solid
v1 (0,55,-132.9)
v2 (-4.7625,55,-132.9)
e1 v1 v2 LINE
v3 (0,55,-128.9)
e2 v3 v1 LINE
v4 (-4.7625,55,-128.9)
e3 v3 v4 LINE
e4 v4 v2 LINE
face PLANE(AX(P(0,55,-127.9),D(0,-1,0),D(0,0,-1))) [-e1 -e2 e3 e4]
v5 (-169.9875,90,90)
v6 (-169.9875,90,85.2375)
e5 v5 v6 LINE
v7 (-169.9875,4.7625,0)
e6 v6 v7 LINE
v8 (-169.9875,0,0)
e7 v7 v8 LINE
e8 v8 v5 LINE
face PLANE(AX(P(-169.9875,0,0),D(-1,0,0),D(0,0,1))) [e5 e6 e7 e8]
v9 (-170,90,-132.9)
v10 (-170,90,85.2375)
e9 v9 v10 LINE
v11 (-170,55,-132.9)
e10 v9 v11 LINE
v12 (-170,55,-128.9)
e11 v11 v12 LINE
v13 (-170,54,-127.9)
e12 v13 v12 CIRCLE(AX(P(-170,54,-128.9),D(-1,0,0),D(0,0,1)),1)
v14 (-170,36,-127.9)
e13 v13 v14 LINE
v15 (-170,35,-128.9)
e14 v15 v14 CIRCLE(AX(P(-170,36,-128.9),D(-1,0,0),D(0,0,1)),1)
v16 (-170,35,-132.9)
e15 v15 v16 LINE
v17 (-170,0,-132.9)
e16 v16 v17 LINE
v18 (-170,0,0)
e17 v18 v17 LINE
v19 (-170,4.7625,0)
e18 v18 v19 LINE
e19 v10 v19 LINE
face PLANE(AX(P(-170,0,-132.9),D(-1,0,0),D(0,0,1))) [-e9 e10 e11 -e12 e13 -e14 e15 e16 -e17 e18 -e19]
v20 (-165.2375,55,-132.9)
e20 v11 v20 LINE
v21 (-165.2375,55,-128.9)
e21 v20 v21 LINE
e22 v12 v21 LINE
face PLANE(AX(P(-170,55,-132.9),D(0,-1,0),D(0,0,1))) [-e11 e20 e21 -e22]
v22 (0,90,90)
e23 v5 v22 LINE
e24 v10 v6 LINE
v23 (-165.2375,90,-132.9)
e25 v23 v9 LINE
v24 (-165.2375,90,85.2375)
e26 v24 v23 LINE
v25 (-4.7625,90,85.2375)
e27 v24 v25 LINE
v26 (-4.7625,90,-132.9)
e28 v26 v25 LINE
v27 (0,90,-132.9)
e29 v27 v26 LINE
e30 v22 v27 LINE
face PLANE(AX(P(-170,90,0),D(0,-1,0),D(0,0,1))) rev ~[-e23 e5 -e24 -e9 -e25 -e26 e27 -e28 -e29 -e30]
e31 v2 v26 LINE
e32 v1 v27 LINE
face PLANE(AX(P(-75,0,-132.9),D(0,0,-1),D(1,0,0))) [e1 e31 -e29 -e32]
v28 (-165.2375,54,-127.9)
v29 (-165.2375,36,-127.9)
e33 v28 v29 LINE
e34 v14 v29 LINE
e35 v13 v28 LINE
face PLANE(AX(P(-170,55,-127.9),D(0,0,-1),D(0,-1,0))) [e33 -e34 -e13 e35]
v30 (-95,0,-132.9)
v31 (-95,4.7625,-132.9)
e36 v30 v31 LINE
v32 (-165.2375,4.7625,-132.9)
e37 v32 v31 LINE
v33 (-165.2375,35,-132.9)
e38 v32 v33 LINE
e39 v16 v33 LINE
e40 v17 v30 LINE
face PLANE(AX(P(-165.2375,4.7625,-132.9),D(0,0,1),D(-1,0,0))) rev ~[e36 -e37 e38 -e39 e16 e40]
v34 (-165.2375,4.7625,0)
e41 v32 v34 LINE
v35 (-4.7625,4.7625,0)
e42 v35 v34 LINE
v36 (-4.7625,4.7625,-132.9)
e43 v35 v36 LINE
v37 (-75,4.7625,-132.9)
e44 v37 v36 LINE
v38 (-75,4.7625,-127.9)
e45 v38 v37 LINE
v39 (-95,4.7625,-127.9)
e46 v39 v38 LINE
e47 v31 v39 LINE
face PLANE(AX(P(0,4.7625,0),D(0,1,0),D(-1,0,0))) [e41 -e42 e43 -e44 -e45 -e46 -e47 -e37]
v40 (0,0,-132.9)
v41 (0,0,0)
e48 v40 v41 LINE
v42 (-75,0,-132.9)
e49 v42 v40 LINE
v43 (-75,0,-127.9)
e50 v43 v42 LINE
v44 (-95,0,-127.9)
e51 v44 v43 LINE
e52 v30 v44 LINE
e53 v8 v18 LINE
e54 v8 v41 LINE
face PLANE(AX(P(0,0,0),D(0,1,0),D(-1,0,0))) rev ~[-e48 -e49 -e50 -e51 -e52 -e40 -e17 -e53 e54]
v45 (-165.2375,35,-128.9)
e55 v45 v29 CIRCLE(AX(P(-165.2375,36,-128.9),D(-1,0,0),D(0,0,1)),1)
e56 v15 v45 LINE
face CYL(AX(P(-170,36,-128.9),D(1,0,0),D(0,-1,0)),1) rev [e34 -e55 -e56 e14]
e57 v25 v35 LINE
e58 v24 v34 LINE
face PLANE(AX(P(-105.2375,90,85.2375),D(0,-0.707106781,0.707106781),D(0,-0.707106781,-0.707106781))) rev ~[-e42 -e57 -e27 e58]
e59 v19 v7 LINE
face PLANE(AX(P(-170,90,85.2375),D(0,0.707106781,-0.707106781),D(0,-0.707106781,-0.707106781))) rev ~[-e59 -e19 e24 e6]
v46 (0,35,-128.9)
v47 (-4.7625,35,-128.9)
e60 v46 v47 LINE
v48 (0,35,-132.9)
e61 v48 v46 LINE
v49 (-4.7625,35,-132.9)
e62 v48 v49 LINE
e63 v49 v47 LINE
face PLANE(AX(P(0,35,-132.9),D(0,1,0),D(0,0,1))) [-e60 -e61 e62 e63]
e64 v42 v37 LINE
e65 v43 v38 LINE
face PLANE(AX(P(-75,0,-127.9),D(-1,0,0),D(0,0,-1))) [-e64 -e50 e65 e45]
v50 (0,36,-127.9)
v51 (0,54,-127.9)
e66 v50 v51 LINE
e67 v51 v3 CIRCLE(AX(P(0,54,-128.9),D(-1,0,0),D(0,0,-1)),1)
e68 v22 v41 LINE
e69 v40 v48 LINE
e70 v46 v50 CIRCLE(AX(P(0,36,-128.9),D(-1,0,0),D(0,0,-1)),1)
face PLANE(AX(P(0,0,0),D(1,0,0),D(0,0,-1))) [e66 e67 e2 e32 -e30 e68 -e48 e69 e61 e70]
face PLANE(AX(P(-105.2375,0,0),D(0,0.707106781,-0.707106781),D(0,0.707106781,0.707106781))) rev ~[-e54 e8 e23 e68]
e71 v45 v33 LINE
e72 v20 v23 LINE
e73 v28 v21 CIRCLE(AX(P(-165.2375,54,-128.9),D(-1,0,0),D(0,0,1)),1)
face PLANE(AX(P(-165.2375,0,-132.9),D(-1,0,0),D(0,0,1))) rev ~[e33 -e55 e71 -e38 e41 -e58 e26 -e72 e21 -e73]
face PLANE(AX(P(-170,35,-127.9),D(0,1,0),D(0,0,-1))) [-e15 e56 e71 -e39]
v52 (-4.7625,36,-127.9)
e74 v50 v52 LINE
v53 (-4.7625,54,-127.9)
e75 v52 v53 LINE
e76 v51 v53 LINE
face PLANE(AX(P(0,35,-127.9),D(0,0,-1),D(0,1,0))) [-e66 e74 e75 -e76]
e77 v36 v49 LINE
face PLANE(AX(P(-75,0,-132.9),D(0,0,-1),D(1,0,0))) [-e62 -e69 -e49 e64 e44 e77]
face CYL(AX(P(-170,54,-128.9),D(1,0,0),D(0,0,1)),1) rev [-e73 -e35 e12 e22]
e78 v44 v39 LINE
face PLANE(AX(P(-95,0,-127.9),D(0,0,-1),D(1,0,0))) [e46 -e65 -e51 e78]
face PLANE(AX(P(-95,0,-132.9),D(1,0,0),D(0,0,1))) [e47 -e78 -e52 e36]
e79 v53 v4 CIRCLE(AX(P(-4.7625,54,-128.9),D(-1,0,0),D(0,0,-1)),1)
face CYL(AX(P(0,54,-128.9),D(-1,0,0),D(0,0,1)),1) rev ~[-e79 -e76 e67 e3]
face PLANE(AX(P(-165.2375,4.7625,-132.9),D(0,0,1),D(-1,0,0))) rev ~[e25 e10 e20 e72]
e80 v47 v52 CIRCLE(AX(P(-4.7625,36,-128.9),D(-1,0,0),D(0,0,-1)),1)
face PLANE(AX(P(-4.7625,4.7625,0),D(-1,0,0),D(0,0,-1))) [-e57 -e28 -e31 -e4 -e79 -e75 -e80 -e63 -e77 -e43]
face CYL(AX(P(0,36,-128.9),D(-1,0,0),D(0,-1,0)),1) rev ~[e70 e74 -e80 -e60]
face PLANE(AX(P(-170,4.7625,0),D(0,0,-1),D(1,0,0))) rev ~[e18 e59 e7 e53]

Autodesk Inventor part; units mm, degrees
ref_plane "YZ Plane" through (0, 0, 0) normal (1, 0, 0) x (0, 1, 0)
ref_plane "XZ Plane" through (0, 0, 0) normal (0, 1, 0) x (-1, 0, 0)
ref_plane "XY Plane" through (0, 0, 0) normal (0, 0, 1) x (1, 0, 0)
sketch "Sketch1" plane through (0, 0, 0) normal (0, 1, 0) x (-1, 0, 0)
  line L0 (0, 0) -> (170, 0)
  line L1 (170, 0) -> (170, -132.9)
  line L2 (0, -132.9) -> (0, 0)
  line L3 (170, -132.9) -> (95, -132.9)
  line L4 (75, -132.9) -> (0, -132.9)
  line L5 (95, -132.9) -> (95, -127.9)
  line L6 (95, -127.9) -> (75, -127.9)
  line L7 (75, -127.9) -> (75, -132.9)
  dimension "d0" = 132.9
  dimension "d22" = 170
  dimension "d23" = 75
  dimension "d24" = 75
  dimension "d41" = 5
  dimension "d42" = 5
  dimension "d43" = 75
  dimension "d44" = 20
extrude "Extrusion1" add sketch "Sketch1" along normal blind 4.7625
sketch "Sketch2" plane through (0, 4.7625, 0) normal (0, 1, 0) x (1, 0, 0)
  line L0 (-170, 0) -> (0, 0) projected
  line L1 (0, 132.9) -> (-170, 132.9) projected
  line L2 (-170, 0) -> (-170, 132.9)
  line L3 (-170, 132.9) -> (-165.2375, 132.9)
  line L4 (-165.2375, 132.9) -> (-165.2375, 0)
  line L5 (-170, 0) -> (-165.2375, 0)
  line L6 (0, 0) -> (-4.7625, 0)
  line L7 (-4.7625, 0) -> (-4.7625, 132.9)
  line L8 (-4.7625, 132.9) -> (0, 132.9)
  line L9 (0, 0) -> (0, 132.9) projected
  line L10 (0, 132.9) -> (0, 0)
  dimension "d4" = 4.7625
  dimension "d5" = 4.7625
extrude "Extrusion2" add sketch "Sketch2" along normal blind 85.2375 contours L7 L1 L9 L0
sketch "Sketch3" plane through (0, 4.7625, 0) normal (0, 1, 0) x (1, 0, 0)
  point P0 (0, 0)
sketch "Sketch4" plane through (-170, 0, -132.9) normal (-1, 0, 0) x (0, 0, 1)
  line L0 (132.9, 4.7625) -> (217.7528, 89.6153)
  line L1 (0, 4.7625) -> (132.9, 4.7625) projected
  line L2 (132.9, 0) -> (132.9, 4.7625) projected
  line L3 (0, 0) -> (132.9, 0) projected
  line L4 (132.9, 0) -> (220.1341, 87.2341)
  line L5 (220.1341, 87.2341) -> (217.7528, 89.6153)
  line L6 (132.9, 4.7625) -> (132.9, 0)
  dimension "d8" = 120
  dimension "d9" = 45
sketch "Sketch5" plane through (0, 0, 0) normal (1, 0, 0) x (0, 0, -1)
  line L0 (0, 0) -> (0, 90) projected
  line L1 (0, 90) -> (-90, 90)
  line L2 (132.9, 0) -> (0, 0) projected
  line L3 (-90, 90) -> (0, 0)
  line L4 (0, 0) -> (0, 90)
  dimension "d11" = 45
extrude "Extrusion3" add sketch "Sketch5" against normal blind 105.2375
sketch "Sketch6" plane through (-105.2375, 0, 0) normal (-1, 0, 0) x (0, 0, 1)
  line L0 (0, 0) -> (0, 4.7625) projected
  line L1 (0, 4.7625) -> (0, 90)
  line L2 (-132.9, 90) -> (90, 90) projected
  line L3 (0, 90) -> (85.2375, 90)
  line L4 (85.2375, 90) -> (0, 4.7625)
  line L5 (0, 0) -> (90, 90) projected
extrude "Extrusion4" cut sketch "Sketch6" against normal blind 100.475 contours L1 L2 L4
sketch "Sketch7" plane through (-105.2375, 0, 0) normal (-1, 0, 0) x (0, 0, 1)
  line L0 (0, 4.7625) -> (0, 0)
  line L1 (0, 0) -> (90, 90)
  line L2 (85.2375, 90) -> (0, 4.7625) projected
  line L3 (90, 90) -> (85.2375, 90)
  line L4 (85.2375, 90) -> (0, 4.7625)
extrude "Extrusion5" add sketch "Sketch7" along normal blind 64.75
extrude "Extrusion6" add sketch "Sketch2" along normal blind 85.2375 contours L2 L1 L4 L0
sketch "Sketch8" plane through (-170, 0, -132.9) normal (-1, 0, 0) x (0, 0, 1)
  line L0 (0, 90) -> (222.9, 90) projected
  line L1 (132.9, 90) -> (218.1375, 90)
  line L2 (218.1375, 90) -> (132.9, 4.7625) projected
  line L3 (218.1375, 90) -> (132.9, 4.7625)
  line L4 (132.9, 4.7625) -> (132.9, 90)
  point P0 (132.9, 0)
extrude "Extrusion7" add sketch "Sketch8" against normal blind 4.7625
sketch "Sketch9" plane through (0, 0, -132.9) normal (1, 0, 0) x (0, 0, -1)
  line L0 (0, 0) -> (0, 90) projected
  line L1 (-5, 55) -> (0, 55)
  line L2 (0, 55) -> (0, 35)
  line L3 (0, 35) -> (-5, 35)
  line L4 (-5, 35) -> (-5, 55)
  line L5 (0, 90) -> (-222.9, 90) projected
  line L6 (0, 0) -> (-132.9, 0) projected
  dimension "d28" = 5
  dimension "d29" = 20
  dimension "d30" = 35
  dimension "d31" = 35
extrude "Extrusion8" cut sketch "Sketch9" against normal blind 4.7625
sketch "Sketch10" plane through (-170, 0, -132.9) normal (-1, 0, 0) x (0, 0, 1)
  line L0 (0, 0) -> (0, 90) projected
  line L1 (0, 55) -> (5, 55)
  line L2 (5, 55) -> (5, 35)
  line L3 (5, 35) -> (0, 35)
  line L4 (0, 35) -> (0, 55)
  line L5 (0, 90) -> (218.1375, 90) projected
  line L6 (132.9, 0) -> (0, 0) projected
  dimension "d34" = 20
  dimension "d35" = 5
  dimension "d36" = 35
  dimension "d37" = 35
extrude "Extrusion9" cut sketch "Sketch10" against normal blind 4.7625
fillet "Fillet1" radius 1 4 edges at (-167.6188, 55, -127.9) (-167.6188, 35, -127.9) (-2.3813, 35, -127.9) (-2.3813, 55, -127.9)
properties part number "OpticalDeviceMirrorPart"
